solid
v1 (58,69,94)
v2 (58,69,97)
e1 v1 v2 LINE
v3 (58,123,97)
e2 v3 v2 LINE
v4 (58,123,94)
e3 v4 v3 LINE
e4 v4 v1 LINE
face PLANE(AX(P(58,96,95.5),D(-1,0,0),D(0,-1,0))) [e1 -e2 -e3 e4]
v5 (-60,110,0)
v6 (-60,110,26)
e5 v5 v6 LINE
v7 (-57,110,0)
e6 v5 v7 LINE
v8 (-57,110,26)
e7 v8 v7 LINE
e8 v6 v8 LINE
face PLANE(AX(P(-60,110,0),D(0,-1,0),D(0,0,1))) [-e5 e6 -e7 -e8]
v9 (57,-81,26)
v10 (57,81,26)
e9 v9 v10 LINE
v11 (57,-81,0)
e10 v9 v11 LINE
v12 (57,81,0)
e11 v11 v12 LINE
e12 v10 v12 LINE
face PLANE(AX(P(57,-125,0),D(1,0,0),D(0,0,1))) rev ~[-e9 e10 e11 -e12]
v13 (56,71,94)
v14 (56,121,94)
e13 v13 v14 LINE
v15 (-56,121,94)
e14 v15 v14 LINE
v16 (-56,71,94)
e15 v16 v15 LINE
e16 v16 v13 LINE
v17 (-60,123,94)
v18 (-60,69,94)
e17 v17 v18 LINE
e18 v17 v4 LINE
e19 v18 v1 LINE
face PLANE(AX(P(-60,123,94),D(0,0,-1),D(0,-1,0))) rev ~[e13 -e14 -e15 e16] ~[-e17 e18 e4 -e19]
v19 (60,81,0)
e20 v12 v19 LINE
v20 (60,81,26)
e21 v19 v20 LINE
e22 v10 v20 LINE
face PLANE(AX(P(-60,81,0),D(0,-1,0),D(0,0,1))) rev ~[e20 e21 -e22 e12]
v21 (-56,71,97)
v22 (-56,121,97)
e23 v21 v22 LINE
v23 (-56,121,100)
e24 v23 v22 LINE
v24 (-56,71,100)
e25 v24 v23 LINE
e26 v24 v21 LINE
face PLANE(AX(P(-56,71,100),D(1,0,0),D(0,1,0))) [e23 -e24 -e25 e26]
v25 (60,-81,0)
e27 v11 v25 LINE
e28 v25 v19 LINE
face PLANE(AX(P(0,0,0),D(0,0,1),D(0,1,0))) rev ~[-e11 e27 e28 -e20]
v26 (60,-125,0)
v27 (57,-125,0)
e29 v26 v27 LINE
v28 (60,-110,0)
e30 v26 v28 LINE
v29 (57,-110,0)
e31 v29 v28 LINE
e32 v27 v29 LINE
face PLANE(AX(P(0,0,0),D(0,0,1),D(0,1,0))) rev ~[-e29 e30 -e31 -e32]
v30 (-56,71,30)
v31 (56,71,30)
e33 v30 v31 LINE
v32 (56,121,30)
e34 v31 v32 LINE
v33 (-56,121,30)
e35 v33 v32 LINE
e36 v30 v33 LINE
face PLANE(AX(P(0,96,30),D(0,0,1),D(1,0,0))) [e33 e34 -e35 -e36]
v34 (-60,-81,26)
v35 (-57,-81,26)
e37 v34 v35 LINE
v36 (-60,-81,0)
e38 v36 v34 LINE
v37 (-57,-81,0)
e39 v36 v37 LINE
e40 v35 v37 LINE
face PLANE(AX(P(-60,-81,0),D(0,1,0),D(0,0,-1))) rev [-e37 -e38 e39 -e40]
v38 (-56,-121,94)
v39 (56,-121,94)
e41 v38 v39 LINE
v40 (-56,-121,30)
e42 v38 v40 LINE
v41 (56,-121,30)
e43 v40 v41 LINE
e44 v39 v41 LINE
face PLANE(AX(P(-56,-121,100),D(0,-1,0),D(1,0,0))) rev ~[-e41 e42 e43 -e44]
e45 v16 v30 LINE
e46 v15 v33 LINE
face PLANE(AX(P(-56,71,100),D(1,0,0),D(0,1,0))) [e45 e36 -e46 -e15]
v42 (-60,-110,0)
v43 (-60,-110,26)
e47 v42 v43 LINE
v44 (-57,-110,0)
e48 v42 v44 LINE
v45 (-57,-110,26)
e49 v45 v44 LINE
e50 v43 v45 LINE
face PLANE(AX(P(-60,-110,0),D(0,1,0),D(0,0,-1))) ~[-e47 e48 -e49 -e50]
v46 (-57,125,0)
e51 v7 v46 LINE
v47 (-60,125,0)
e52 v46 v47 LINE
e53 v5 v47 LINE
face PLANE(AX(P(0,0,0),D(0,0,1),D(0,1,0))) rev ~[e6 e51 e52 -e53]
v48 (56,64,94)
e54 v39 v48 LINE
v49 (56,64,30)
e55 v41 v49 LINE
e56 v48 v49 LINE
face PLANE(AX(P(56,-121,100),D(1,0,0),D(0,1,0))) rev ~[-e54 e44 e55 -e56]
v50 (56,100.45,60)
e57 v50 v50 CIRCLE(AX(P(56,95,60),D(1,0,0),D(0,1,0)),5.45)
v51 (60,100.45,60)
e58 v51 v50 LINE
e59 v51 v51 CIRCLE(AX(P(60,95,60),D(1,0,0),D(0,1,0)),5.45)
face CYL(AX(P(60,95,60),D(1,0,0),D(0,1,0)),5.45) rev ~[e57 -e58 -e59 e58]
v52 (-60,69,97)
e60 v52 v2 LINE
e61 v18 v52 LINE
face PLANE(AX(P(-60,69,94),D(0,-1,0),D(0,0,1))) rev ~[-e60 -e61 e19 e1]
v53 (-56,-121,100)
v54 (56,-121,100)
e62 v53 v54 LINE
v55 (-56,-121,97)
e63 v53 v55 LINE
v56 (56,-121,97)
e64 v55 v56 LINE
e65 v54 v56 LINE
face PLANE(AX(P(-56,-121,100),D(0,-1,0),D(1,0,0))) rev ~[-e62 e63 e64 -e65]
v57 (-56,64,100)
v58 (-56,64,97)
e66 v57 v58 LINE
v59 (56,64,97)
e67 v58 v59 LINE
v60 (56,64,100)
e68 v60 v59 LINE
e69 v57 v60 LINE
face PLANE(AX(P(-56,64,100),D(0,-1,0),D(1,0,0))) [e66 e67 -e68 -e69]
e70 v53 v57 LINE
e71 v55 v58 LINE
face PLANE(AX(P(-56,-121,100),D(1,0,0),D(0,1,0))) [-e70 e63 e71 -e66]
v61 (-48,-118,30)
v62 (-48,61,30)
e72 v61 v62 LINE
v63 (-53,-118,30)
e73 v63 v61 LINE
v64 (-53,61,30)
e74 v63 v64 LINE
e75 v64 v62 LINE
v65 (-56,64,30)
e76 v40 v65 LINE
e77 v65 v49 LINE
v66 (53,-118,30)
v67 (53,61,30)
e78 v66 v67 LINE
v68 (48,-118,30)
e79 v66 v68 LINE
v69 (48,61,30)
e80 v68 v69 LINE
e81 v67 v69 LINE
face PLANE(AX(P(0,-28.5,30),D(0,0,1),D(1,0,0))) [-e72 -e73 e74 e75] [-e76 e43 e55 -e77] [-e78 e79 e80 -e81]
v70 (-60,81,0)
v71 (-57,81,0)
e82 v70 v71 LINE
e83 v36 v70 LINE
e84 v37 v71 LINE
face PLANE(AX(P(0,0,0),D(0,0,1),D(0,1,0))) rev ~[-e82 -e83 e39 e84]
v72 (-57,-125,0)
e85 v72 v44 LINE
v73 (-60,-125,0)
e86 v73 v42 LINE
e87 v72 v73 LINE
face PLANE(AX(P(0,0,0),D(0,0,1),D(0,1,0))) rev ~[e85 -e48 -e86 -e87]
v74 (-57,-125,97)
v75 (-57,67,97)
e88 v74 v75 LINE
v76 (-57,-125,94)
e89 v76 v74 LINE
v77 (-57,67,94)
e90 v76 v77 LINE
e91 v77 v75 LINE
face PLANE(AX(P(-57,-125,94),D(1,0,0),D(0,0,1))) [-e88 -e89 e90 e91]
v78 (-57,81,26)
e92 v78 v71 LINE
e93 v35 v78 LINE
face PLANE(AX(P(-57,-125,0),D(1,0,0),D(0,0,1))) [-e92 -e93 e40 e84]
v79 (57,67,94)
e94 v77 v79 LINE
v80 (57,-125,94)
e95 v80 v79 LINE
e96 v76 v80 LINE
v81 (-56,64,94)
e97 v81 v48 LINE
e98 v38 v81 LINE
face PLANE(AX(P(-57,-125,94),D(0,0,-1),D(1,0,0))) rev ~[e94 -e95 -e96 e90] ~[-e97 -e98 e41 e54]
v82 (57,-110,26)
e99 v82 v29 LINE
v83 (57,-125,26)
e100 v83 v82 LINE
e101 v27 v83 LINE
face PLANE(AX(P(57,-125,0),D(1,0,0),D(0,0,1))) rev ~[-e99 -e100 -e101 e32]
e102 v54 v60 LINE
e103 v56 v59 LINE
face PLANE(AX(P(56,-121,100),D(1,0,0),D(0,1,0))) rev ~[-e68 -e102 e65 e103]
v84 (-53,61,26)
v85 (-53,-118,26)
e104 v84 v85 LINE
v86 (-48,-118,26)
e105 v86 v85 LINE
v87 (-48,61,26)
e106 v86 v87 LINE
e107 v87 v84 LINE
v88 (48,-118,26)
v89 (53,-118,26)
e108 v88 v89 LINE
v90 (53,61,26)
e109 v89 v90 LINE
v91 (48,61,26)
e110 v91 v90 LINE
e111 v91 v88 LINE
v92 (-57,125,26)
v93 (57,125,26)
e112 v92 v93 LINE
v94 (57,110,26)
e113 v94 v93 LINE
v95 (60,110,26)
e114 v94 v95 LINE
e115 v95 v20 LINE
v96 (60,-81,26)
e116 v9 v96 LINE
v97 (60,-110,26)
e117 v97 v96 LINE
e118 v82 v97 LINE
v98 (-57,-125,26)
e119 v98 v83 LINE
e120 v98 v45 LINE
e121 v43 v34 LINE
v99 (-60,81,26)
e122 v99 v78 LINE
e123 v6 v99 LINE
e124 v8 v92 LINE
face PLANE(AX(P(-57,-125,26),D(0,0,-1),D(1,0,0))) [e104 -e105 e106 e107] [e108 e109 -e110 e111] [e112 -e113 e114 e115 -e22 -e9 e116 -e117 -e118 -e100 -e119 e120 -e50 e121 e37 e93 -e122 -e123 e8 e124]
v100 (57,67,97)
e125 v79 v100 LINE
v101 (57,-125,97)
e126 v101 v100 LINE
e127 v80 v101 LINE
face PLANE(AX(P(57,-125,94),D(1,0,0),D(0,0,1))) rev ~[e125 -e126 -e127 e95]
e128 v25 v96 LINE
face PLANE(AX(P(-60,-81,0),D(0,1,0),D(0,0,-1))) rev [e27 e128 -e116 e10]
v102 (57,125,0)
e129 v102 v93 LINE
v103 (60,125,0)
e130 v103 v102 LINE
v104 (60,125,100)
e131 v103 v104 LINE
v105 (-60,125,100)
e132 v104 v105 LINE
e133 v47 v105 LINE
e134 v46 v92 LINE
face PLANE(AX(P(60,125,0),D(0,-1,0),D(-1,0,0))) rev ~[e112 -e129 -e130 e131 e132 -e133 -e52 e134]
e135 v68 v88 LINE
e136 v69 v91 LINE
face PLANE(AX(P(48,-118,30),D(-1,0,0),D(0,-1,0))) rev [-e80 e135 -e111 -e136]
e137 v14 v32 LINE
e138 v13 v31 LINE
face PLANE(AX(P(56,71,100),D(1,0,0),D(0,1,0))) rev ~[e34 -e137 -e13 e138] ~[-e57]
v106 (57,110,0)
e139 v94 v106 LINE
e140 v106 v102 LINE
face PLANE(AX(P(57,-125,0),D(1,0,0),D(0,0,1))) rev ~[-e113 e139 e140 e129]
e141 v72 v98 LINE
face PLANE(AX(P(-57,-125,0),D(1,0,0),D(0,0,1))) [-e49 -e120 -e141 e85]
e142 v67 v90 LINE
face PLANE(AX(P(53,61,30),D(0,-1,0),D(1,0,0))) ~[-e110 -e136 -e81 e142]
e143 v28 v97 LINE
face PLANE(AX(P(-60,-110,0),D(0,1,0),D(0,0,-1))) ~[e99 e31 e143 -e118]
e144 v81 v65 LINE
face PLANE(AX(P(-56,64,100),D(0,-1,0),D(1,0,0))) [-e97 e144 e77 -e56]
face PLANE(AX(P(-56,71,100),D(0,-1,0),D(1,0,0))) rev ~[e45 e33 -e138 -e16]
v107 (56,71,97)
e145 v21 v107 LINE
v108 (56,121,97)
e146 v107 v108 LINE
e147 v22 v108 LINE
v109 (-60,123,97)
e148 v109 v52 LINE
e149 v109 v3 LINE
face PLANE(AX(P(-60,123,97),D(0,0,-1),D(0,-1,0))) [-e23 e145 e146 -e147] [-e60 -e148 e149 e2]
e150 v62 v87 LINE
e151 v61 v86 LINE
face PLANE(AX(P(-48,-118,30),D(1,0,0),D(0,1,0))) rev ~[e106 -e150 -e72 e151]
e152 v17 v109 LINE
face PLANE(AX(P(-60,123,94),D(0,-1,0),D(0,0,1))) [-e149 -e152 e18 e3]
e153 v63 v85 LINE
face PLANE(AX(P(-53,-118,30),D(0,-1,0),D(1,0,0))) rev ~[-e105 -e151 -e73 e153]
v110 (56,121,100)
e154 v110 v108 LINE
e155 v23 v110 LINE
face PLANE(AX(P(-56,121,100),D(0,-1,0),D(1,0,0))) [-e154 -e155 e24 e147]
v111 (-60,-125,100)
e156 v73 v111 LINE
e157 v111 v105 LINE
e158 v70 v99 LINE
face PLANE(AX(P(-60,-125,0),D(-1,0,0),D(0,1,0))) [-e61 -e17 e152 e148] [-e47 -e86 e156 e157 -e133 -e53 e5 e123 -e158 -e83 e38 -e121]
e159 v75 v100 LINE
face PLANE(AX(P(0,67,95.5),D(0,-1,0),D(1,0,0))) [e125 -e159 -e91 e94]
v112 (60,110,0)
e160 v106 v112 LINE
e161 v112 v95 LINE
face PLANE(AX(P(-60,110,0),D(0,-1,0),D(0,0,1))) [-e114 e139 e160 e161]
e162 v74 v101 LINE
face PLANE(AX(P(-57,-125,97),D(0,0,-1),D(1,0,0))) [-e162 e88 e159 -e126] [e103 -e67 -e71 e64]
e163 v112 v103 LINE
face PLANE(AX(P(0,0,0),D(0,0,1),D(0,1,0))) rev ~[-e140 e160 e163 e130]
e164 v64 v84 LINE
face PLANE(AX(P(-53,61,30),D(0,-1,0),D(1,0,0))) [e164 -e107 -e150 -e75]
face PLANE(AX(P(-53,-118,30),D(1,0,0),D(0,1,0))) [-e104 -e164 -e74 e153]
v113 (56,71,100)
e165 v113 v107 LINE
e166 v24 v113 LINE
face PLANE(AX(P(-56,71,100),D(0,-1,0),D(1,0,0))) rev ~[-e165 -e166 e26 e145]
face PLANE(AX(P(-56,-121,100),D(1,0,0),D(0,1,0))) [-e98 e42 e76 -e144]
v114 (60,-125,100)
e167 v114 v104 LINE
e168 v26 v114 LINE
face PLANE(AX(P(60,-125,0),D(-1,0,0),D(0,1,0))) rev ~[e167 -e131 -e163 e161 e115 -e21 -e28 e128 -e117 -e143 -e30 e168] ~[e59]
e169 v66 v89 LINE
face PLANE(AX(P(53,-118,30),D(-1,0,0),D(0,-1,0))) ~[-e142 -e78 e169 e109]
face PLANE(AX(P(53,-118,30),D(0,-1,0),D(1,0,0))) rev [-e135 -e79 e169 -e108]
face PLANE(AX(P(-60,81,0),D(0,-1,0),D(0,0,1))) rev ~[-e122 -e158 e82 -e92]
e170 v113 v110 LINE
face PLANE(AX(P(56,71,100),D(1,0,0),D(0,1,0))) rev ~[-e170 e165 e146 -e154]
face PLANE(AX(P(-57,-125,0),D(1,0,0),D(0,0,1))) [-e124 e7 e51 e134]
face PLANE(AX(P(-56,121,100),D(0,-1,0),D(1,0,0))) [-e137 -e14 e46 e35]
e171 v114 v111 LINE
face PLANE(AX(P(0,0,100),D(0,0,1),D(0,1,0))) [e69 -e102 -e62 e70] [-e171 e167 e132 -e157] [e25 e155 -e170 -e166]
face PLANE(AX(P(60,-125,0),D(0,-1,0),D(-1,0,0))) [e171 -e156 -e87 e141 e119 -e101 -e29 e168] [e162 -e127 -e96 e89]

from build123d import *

# Parameters (mm, degrees)
ESBO_O1_W                = 250
ESBO_O1_H                = 120
RESSALTO_EXTRUS_O1_DEPTH = 100
ESBO_O2_W                = 112
ESBO_O2_H                = 50
CORTE_EXTRUS_O1_DEPTH    = 70
ESBO_O3_W                = 54
ESBO_O3_H                = 3
CORTE_EXTRUS_O2_DEPTH    = 118
ESBO_O5_W                = 112
ESBO_O5_H                = 185
CORTE_EXTRUS_O3_DEPTH    = 70
ESBO_O6_W                = 114
ESBO_O6_H                = 3
CORTE_EXTRUS_O4_DEPTH    = 192
ESBO_O7_W                = 114
ESBO_O7_H                = 26
CORTE_EXTRUS_O5_DEPTH    = 500
ESBO_O8_W                = 5
ESBO_O8_H                = 179
CORTE_EXTRUS_O6_DEPTH    = 500
ESBO_O9_W                = 29
ESBO_O9_H                = 26
CORTE_EXTRUS_O7_DEPTH    = 500
ESBO_O10_R               = 5.45
CORTE_EXTRUS_O8_DEPTH    = 10


with BuildPart() as part:
    # Esboço1 → Ressalto-extrusão1 (new body)
    with BuildSketch(Plane(origin=(0, 0, 0), x_dir=(0, 1, 0), z_dir=(0, 0, 1))):
        Rectangle(ESBO_O1_W, ESBO_O1_H)
    extrude(amount=RESSALTO_EXTRUS_O1_DEPTH)

    # Esboço2 → Corte-extrusão1 (cut)
    with BuildSketch(Plane.XY.offset(100)):
        with Locations((0, 96)):
            Rectangle(ESBO_O2_W, ESBO_O2_H)
    extrude(amount=-CORTE_EXTRUS_O1_DEPTH, mode=Mode.SUBTRACT)

    # Esboço3 → Corte-extrusão2 (cut)
    with BuildSketch(Plane(origin=(-60, 0, 0), x_dir=(0, -1, 0), z_dir=(-1, 0, 0))):
        with Locations((-96, 95.5)):
            Rectangle(ESBO_O3_W, ESBO_O3_H)
    extrude(amount=-CORTE_EXTRUS_O2_DEPTH, mode=Mode.SUBTRACT)

    # Esboço5 → Corte-extrusão3 (cut)
    with BuildSketch(Plane.XY.offset(100)):
        with Locations((0, -28.5)):
            Rectangle(ESBO_O5_W, ESBO_O5_H)
    extrude(amount=-CORTE_EXTRUS_O3_DEPTH, mode=Mode.SUBTRACT)

    # Esboço6 → Corte-extrusão4 (cut)
    with BuildSketch(Plane.XZ.offset(125)):
        with Locations((0, 95.5)):
            Rectangle(ESBO_O6_W, ESBO_O6_H)
    extrude(amount=-CORTE_EXTRUS_O4_DEPTH, mode=Mode.SUBTRACT)

    # Esboço7 → Corte-extrusão5 (cut)
    with BuildSketch(Plane.XZ.offset(125)):
        with Locations((0, 13)):
            Rectangle(ESBO_O7_W, ESBO_O7_H)
    extrude(amount=-CORTE_EXTRUS_O5_DEPTH, mode=Mode.SUBTRACT)

    # Esboço8 → Corte-extrusão6 (cut)
    with BuildSketch(Plane.XY.offset(30)):
        with Locations((-50.5, -28.5)):
            Rectangle(ESBO_O8_W, ESBO_O8_H)
    corte_extrus_o6 = extrude(amount=-CORTE_EXTRUS_O6_DEPTH, mode=Mode.SUBTRACT)

    # Espelhar1: Corte-extrusão6 across plane
    add(corte_extrus_o6.mirror(Plane(origin=(0, 0, 0), x_dir=(0, 0, 1), z_dir=(1, 0, 0))), mode=Mode.SUBTRACT)

    # Esboço9 → Corte-extrusão7 (cut)
    with BuildSketch(Plane(origin=(-60, 0, 0), x_dir=(0, -1, 0), z_dir=(-1, 0, 0))):
        with Locations((-95.5, 13)):
            Rectangle(ESBO_O9_W, ESBO_O9_H)
    corte_extrus_o7 = extrude(amount=-CORTE_EXTRUS_O7_DEPTH, mode=Mode.SUBTRACT)

    # Espelhar2: Corte-extrusão7 across plane
    add(corte_extrus_o7.mirror(Plane.ZX), mode=Mode.SUBTRACT)

    # Esboço10 → Corte-extrusão8 (cut)
    with BuildSketch(Plane.YZ.offset(60)):
        with Locations((95, 60)):
            Circle(ESBO_O10_R)
    extrude(amount=-CORTE_EXTRUS_O8_DEPTH, mode=Mode.SUBTRACT)


solid = part.part
